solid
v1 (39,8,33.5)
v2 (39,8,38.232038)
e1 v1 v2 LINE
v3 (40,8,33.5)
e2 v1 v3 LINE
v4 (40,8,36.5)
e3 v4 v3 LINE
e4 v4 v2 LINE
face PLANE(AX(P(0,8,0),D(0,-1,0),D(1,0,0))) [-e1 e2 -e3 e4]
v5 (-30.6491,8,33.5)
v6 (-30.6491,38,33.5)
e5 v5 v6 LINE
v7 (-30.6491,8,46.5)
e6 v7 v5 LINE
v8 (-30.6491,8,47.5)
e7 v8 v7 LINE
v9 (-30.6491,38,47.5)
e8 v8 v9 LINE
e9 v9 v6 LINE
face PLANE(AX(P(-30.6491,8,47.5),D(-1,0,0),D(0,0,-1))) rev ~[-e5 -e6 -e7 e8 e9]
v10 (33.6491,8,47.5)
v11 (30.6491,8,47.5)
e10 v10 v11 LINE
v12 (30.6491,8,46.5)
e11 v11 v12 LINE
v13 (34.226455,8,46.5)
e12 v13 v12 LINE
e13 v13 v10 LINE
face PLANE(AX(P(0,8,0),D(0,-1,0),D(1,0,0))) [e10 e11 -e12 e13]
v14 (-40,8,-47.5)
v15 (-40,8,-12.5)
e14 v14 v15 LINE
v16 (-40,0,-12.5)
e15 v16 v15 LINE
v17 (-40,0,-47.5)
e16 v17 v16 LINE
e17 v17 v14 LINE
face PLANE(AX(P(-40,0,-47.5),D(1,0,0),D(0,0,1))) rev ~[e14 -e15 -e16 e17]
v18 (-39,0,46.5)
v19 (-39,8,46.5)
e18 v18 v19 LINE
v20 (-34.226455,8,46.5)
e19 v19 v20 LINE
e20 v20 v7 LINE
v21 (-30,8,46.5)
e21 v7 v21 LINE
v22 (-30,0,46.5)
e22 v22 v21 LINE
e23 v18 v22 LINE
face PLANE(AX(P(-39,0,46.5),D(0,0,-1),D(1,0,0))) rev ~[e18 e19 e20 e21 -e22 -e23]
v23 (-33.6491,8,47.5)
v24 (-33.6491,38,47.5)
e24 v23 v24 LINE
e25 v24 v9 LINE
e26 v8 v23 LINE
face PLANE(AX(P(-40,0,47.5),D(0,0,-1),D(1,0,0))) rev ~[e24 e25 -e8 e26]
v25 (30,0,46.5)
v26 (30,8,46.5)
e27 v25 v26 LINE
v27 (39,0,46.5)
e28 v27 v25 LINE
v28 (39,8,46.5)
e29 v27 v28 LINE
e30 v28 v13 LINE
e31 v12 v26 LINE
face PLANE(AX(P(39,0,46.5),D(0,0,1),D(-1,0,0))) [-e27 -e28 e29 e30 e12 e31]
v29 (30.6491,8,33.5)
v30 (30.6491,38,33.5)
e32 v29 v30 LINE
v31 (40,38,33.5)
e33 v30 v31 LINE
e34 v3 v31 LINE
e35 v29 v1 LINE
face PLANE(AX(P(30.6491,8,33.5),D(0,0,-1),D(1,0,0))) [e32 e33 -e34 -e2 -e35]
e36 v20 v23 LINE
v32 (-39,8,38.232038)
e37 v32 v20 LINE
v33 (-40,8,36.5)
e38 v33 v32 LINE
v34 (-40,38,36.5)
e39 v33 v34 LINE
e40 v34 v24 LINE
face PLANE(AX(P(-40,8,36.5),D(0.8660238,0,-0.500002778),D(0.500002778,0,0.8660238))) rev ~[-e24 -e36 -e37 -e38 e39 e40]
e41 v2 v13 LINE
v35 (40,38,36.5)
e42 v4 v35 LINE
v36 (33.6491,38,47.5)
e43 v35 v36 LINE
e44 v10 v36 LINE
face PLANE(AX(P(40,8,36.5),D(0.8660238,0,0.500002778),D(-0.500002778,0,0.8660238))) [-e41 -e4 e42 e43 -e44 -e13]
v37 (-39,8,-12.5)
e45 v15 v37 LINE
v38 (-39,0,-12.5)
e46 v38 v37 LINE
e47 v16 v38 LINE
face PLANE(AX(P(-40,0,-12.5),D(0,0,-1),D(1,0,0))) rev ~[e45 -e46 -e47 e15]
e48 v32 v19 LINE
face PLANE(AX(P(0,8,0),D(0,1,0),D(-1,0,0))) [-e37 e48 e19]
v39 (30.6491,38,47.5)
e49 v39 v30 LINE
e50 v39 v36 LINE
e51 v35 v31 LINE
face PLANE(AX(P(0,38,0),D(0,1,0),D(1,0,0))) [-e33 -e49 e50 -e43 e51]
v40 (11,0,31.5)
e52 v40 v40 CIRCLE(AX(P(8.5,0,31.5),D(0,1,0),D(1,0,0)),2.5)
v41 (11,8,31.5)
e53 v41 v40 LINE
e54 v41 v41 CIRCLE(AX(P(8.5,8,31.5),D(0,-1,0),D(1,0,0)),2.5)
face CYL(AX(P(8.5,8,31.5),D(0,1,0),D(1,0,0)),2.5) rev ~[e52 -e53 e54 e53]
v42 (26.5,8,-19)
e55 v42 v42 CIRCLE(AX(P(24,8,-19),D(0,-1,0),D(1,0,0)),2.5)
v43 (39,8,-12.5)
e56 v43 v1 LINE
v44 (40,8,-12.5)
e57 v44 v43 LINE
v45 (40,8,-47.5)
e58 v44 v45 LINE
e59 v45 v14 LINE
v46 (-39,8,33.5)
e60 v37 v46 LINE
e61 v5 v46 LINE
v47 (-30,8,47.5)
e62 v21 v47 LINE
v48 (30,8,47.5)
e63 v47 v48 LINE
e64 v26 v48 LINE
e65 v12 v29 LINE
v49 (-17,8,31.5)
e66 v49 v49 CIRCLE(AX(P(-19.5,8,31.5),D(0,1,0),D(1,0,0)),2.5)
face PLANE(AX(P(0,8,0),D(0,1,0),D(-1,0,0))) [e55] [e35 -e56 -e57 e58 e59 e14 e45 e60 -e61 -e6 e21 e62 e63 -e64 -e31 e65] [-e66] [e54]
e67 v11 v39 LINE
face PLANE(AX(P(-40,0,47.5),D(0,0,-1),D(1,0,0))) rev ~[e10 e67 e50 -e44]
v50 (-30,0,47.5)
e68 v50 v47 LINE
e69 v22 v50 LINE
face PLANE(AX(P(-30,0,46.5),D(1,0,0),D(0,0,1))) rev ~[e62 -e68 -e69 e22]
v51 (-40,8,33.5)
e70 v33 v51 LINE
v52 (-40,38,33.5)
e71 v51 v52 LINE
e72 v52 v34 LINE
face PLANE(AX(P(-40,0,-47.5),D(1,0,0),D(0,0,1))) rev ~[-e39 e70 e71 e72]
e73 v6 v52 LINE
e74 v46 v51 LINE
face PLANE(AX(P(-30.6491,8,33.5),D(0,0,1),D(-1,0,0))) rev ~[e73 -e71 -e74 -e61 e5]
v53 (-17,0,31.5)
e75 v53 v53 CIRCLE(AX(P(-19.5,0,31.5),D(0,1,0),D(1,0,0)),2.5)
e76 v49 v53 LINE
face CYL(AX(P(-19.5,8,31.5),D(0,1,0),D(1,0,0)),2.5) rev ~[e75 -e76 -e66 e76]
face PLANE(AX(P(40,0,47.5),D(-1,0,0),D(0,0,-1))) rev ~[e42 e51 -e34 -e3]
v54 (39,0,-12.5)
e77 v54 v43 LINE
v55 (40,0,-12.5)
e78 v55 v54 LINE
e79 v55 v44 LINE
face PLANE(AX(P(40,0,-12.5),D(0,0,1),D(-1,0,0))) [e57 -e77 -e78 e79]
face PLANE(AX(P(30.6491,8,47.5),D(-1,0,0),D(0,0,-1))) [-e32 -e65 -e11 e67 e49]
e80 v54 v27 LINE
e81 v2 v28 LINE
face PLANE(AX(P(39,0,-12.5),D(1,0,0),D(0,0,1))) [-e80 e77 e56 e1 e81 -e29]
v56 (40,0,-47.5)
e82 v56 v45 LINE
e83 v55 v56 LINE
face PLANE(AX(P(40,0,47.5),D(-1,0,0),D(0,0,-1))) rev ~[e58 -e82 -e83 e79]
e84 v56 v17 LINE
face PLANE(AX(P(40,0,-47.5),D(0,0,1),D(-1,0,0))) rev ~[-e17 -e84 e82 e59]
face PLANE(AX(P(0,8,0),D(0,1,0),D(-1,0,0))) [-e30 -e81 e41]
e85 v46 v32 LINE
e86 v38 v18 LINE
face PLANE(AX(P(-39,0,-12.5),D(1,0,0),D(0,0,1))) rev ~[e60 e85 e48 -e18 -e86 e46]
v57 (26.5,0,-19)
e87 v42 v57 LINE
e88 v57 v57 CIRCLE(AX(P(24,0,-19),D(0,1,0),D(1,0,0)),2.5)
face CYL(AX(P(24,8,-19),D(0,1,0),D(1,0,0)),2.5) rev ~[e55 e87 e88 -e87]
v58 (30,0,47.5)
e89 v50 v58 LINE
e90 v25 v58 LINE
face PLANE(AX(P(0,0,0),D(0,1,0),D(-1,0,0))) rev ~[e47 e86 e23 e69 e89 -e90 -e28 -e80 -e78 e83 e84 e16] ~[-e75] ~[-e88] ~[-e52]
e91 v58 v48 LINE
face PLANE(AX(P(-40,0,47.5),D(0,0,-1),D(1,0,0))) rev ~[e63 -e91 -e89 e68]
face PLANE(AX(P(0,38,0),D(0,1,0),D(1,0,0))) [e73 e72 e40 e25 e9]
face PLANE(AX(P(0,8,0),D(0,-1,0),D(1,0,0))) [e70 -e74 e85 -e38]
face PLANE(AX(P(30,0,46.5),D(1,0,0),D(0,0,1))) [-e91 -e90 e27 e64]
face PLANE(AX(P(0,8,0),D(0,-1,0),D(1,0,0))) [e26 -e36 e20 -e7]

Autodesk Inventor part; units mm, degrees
ref_plane "YZ Plane" through (0, 0, 0) normal (1, 0, 0) x (0, 1, 0)
ref_plane "XZ Plane" through (0, 0, 0) normal (0, 1, 0) x (-1, 0, 0)
ref_plane "XY Plane" through (0, 0, 0) normal (0, 0, 1) x (1, 0, 0)
sketch "Sketch1" plane through (0, 0, 0) normal (0, 1, 0) x (-1, 0, 0)
  line L0 (40, 47.5) -> (-40, 47.5)
  line L1 (-40, 47.5) -> (-40, -47.5)
  line L2 (-40, -47.5) -> (40, -47.5)
  line L3 (40, -47.5) -> (40, 47.5)
  line L4 (40, 47.5) -> (-40, -47.5) construction
  line L5 (-40, 47.5) -> (40, -47.5) construction
  point P0 (0, 0)
  dimension "d0" = 80
  dimension "d1" = 95
extrude "Extrusion1" add sketch "Sketch1" along normal blind 8
sketch "Sketch2" plane through (0, 8, 0) normal (0, 1, 0) x (1, 0, 0)
  line L0 (0, 0) -> (0, 19)
  line L1 (0, 19) -> (24, 19)
  line L2 (0, 0) -> (0, -31.5)
  line L3 (0, -31.5) -> (-19.5, -31.5)
  line L4 (0, -31.5) -> (8.5, -31.5)
  circle A0 centre (8.5, -31.5) radius 2.5
  circle A1 centre (-19.5, -31.5) radius 2.5
  circle A2 centre (24, 19) radius 2.5
  dimension "d4" = 19
  dimension "d5" = 24
  dimension "d6" = 31.5
  dimension "d7" = 19.5
  dimension "d8" = 8.5
  dimension "d9" = 5
  dimension "d10" = 5
  dimension "d11" = 5
extrude "Extrusion2" cut sketch "Sketch2" against normal blind 8
sketch "Sketch4" plane through (0, 8, 0) normal (0, 1, 0) x (1, 0, 0)
  line L0 (-40, -47.5) -> (40, -47.5) projected
  line L1 (-40, -47.5) -> (-40, -36.5)
  line L2 (-40, -36.5) -> (-33.6491, -47.5)
  line L3 (-33.6491, -47.5) -> (-30.6491, -47.5)
  line L4 (-30.6491, -47.5) -> (-30.6491, -33.5)
  line L5 (-30.6491, -33.5) -> (-40, -33.5)
  line L6 (-40, 47.5) -> (-40, -47.5) projected
  line L7 (-40, -36.5) -> (-40, -33.5)
  line L8 (0, -20.8898) -> (0, -30.7247)
  line L9 (40, -47.5) -> (40, -36.5)
  line L10 (40, -36.5) -> (33.6491, -47.5)
  line L11 (33.6491, -47.5) -> (30.6491, -47.5)
  line L12 (30.6491, -47.5) -> (30.6491, -33.5)
  line L13 (30.6491, -33.5) -> (40, -33.5)
  line L14 (40, -36.5) -> (40, -33.5)
  point P0 (0, 0)
  point P1 (-32.5008, -49.4891)
  point P2 (32.5008, -49.4891)
  dimension "d14" = 11
  dimension "d15" = 30
  dimension "d16" = 3
  dimension "d17" = 14
extrude "Extrusion3" add sketch "Sketch4" along normal blind 30 contours L12 L13 L14 L10 L0 | L2 L6 L5 L4 L0
sketch "Sketch5" plane through (0, 0, 0) normal (0, -1, 0) x (1, 0, 0)
  circle A0 centre (-19.5, 31.5) radius 2.5 projected
  circle A1 centre (8.5, 31.5) radius 2.5 projected
  circle A2 centre (24, -19) radius 2.5 projected
  line L0 (-40, 47.5) -> (40, 47.5) projected
  line L1 (-40, -47.5) -> (-40, 47.5) projected
  line L2 (40, -47.5) -> (-40, -47.5) projected
  line L3 (40, 47.5) -> (40, -47.5) projected
  line L4 (40, 47.5) -> (40, -12.5)
  line L5 (40, -12.5) -> (39, -12.5)
  line L6 (39, -12.5) -> (39, 47.5)
  line L7 (33.6491, 47.5) -> (40, 47.5) projected
  line L8 (40, 47.5) -> (39, 47.5)
  line L9 (40, 47.5) -> (40, 46.5)
  line L10 (40, 47.5) -> (40, 36.5) projected
  line L11 (40, 46.5) -> (30, 46.5)
  line L12 (30, 46.5) -> (30, 47.5)
  line L13 (40, 47.5) -> (30, 47.5)
  line L14 (-30.6491, 47.5) -> (30.6491, 47.5) projected
  line L15 (0, 47.5) -> (0, 0)
  line L16 (-40, 47.5) -> (-40, -12.5)
  line L17 (-40, -12.5) -> (-39, -12.5)
  line L18 (-39, -12.5) -> (-39, 47.5)
  line L19 (-33.6491, 47.5) -> (-40, 47.5)
  line L20 (-40, 47.5) -> (-39, 47.5)
  line L21 (-40, 47.5) -> (-40, 46.5)
  line L22 (-40, 47.5) -> (-40, 36.5)
  line L23 (-40, 46.5) -> (-30, 46.5)
  line L24 (-30, 46.5) -> (-30, 47.5)
  line L25 (-40, 47.5) -> (-30, 47.5)
  dimension "d20" = 60
  dimension "d21" = 1
  dimension "d22" = 1
  dimension "d23" = 10
extrude "Extrusion4" cut sketch "Sketch5" against normal blind 8 contours L0 L18 L23 L1 | L0 L24 L23 L18 | L23 L18 L17 L1 | L0 L6 L11 L12 | L5 L6 L11 L3 | L6 L0 L3 L11
properties part number "Base"
